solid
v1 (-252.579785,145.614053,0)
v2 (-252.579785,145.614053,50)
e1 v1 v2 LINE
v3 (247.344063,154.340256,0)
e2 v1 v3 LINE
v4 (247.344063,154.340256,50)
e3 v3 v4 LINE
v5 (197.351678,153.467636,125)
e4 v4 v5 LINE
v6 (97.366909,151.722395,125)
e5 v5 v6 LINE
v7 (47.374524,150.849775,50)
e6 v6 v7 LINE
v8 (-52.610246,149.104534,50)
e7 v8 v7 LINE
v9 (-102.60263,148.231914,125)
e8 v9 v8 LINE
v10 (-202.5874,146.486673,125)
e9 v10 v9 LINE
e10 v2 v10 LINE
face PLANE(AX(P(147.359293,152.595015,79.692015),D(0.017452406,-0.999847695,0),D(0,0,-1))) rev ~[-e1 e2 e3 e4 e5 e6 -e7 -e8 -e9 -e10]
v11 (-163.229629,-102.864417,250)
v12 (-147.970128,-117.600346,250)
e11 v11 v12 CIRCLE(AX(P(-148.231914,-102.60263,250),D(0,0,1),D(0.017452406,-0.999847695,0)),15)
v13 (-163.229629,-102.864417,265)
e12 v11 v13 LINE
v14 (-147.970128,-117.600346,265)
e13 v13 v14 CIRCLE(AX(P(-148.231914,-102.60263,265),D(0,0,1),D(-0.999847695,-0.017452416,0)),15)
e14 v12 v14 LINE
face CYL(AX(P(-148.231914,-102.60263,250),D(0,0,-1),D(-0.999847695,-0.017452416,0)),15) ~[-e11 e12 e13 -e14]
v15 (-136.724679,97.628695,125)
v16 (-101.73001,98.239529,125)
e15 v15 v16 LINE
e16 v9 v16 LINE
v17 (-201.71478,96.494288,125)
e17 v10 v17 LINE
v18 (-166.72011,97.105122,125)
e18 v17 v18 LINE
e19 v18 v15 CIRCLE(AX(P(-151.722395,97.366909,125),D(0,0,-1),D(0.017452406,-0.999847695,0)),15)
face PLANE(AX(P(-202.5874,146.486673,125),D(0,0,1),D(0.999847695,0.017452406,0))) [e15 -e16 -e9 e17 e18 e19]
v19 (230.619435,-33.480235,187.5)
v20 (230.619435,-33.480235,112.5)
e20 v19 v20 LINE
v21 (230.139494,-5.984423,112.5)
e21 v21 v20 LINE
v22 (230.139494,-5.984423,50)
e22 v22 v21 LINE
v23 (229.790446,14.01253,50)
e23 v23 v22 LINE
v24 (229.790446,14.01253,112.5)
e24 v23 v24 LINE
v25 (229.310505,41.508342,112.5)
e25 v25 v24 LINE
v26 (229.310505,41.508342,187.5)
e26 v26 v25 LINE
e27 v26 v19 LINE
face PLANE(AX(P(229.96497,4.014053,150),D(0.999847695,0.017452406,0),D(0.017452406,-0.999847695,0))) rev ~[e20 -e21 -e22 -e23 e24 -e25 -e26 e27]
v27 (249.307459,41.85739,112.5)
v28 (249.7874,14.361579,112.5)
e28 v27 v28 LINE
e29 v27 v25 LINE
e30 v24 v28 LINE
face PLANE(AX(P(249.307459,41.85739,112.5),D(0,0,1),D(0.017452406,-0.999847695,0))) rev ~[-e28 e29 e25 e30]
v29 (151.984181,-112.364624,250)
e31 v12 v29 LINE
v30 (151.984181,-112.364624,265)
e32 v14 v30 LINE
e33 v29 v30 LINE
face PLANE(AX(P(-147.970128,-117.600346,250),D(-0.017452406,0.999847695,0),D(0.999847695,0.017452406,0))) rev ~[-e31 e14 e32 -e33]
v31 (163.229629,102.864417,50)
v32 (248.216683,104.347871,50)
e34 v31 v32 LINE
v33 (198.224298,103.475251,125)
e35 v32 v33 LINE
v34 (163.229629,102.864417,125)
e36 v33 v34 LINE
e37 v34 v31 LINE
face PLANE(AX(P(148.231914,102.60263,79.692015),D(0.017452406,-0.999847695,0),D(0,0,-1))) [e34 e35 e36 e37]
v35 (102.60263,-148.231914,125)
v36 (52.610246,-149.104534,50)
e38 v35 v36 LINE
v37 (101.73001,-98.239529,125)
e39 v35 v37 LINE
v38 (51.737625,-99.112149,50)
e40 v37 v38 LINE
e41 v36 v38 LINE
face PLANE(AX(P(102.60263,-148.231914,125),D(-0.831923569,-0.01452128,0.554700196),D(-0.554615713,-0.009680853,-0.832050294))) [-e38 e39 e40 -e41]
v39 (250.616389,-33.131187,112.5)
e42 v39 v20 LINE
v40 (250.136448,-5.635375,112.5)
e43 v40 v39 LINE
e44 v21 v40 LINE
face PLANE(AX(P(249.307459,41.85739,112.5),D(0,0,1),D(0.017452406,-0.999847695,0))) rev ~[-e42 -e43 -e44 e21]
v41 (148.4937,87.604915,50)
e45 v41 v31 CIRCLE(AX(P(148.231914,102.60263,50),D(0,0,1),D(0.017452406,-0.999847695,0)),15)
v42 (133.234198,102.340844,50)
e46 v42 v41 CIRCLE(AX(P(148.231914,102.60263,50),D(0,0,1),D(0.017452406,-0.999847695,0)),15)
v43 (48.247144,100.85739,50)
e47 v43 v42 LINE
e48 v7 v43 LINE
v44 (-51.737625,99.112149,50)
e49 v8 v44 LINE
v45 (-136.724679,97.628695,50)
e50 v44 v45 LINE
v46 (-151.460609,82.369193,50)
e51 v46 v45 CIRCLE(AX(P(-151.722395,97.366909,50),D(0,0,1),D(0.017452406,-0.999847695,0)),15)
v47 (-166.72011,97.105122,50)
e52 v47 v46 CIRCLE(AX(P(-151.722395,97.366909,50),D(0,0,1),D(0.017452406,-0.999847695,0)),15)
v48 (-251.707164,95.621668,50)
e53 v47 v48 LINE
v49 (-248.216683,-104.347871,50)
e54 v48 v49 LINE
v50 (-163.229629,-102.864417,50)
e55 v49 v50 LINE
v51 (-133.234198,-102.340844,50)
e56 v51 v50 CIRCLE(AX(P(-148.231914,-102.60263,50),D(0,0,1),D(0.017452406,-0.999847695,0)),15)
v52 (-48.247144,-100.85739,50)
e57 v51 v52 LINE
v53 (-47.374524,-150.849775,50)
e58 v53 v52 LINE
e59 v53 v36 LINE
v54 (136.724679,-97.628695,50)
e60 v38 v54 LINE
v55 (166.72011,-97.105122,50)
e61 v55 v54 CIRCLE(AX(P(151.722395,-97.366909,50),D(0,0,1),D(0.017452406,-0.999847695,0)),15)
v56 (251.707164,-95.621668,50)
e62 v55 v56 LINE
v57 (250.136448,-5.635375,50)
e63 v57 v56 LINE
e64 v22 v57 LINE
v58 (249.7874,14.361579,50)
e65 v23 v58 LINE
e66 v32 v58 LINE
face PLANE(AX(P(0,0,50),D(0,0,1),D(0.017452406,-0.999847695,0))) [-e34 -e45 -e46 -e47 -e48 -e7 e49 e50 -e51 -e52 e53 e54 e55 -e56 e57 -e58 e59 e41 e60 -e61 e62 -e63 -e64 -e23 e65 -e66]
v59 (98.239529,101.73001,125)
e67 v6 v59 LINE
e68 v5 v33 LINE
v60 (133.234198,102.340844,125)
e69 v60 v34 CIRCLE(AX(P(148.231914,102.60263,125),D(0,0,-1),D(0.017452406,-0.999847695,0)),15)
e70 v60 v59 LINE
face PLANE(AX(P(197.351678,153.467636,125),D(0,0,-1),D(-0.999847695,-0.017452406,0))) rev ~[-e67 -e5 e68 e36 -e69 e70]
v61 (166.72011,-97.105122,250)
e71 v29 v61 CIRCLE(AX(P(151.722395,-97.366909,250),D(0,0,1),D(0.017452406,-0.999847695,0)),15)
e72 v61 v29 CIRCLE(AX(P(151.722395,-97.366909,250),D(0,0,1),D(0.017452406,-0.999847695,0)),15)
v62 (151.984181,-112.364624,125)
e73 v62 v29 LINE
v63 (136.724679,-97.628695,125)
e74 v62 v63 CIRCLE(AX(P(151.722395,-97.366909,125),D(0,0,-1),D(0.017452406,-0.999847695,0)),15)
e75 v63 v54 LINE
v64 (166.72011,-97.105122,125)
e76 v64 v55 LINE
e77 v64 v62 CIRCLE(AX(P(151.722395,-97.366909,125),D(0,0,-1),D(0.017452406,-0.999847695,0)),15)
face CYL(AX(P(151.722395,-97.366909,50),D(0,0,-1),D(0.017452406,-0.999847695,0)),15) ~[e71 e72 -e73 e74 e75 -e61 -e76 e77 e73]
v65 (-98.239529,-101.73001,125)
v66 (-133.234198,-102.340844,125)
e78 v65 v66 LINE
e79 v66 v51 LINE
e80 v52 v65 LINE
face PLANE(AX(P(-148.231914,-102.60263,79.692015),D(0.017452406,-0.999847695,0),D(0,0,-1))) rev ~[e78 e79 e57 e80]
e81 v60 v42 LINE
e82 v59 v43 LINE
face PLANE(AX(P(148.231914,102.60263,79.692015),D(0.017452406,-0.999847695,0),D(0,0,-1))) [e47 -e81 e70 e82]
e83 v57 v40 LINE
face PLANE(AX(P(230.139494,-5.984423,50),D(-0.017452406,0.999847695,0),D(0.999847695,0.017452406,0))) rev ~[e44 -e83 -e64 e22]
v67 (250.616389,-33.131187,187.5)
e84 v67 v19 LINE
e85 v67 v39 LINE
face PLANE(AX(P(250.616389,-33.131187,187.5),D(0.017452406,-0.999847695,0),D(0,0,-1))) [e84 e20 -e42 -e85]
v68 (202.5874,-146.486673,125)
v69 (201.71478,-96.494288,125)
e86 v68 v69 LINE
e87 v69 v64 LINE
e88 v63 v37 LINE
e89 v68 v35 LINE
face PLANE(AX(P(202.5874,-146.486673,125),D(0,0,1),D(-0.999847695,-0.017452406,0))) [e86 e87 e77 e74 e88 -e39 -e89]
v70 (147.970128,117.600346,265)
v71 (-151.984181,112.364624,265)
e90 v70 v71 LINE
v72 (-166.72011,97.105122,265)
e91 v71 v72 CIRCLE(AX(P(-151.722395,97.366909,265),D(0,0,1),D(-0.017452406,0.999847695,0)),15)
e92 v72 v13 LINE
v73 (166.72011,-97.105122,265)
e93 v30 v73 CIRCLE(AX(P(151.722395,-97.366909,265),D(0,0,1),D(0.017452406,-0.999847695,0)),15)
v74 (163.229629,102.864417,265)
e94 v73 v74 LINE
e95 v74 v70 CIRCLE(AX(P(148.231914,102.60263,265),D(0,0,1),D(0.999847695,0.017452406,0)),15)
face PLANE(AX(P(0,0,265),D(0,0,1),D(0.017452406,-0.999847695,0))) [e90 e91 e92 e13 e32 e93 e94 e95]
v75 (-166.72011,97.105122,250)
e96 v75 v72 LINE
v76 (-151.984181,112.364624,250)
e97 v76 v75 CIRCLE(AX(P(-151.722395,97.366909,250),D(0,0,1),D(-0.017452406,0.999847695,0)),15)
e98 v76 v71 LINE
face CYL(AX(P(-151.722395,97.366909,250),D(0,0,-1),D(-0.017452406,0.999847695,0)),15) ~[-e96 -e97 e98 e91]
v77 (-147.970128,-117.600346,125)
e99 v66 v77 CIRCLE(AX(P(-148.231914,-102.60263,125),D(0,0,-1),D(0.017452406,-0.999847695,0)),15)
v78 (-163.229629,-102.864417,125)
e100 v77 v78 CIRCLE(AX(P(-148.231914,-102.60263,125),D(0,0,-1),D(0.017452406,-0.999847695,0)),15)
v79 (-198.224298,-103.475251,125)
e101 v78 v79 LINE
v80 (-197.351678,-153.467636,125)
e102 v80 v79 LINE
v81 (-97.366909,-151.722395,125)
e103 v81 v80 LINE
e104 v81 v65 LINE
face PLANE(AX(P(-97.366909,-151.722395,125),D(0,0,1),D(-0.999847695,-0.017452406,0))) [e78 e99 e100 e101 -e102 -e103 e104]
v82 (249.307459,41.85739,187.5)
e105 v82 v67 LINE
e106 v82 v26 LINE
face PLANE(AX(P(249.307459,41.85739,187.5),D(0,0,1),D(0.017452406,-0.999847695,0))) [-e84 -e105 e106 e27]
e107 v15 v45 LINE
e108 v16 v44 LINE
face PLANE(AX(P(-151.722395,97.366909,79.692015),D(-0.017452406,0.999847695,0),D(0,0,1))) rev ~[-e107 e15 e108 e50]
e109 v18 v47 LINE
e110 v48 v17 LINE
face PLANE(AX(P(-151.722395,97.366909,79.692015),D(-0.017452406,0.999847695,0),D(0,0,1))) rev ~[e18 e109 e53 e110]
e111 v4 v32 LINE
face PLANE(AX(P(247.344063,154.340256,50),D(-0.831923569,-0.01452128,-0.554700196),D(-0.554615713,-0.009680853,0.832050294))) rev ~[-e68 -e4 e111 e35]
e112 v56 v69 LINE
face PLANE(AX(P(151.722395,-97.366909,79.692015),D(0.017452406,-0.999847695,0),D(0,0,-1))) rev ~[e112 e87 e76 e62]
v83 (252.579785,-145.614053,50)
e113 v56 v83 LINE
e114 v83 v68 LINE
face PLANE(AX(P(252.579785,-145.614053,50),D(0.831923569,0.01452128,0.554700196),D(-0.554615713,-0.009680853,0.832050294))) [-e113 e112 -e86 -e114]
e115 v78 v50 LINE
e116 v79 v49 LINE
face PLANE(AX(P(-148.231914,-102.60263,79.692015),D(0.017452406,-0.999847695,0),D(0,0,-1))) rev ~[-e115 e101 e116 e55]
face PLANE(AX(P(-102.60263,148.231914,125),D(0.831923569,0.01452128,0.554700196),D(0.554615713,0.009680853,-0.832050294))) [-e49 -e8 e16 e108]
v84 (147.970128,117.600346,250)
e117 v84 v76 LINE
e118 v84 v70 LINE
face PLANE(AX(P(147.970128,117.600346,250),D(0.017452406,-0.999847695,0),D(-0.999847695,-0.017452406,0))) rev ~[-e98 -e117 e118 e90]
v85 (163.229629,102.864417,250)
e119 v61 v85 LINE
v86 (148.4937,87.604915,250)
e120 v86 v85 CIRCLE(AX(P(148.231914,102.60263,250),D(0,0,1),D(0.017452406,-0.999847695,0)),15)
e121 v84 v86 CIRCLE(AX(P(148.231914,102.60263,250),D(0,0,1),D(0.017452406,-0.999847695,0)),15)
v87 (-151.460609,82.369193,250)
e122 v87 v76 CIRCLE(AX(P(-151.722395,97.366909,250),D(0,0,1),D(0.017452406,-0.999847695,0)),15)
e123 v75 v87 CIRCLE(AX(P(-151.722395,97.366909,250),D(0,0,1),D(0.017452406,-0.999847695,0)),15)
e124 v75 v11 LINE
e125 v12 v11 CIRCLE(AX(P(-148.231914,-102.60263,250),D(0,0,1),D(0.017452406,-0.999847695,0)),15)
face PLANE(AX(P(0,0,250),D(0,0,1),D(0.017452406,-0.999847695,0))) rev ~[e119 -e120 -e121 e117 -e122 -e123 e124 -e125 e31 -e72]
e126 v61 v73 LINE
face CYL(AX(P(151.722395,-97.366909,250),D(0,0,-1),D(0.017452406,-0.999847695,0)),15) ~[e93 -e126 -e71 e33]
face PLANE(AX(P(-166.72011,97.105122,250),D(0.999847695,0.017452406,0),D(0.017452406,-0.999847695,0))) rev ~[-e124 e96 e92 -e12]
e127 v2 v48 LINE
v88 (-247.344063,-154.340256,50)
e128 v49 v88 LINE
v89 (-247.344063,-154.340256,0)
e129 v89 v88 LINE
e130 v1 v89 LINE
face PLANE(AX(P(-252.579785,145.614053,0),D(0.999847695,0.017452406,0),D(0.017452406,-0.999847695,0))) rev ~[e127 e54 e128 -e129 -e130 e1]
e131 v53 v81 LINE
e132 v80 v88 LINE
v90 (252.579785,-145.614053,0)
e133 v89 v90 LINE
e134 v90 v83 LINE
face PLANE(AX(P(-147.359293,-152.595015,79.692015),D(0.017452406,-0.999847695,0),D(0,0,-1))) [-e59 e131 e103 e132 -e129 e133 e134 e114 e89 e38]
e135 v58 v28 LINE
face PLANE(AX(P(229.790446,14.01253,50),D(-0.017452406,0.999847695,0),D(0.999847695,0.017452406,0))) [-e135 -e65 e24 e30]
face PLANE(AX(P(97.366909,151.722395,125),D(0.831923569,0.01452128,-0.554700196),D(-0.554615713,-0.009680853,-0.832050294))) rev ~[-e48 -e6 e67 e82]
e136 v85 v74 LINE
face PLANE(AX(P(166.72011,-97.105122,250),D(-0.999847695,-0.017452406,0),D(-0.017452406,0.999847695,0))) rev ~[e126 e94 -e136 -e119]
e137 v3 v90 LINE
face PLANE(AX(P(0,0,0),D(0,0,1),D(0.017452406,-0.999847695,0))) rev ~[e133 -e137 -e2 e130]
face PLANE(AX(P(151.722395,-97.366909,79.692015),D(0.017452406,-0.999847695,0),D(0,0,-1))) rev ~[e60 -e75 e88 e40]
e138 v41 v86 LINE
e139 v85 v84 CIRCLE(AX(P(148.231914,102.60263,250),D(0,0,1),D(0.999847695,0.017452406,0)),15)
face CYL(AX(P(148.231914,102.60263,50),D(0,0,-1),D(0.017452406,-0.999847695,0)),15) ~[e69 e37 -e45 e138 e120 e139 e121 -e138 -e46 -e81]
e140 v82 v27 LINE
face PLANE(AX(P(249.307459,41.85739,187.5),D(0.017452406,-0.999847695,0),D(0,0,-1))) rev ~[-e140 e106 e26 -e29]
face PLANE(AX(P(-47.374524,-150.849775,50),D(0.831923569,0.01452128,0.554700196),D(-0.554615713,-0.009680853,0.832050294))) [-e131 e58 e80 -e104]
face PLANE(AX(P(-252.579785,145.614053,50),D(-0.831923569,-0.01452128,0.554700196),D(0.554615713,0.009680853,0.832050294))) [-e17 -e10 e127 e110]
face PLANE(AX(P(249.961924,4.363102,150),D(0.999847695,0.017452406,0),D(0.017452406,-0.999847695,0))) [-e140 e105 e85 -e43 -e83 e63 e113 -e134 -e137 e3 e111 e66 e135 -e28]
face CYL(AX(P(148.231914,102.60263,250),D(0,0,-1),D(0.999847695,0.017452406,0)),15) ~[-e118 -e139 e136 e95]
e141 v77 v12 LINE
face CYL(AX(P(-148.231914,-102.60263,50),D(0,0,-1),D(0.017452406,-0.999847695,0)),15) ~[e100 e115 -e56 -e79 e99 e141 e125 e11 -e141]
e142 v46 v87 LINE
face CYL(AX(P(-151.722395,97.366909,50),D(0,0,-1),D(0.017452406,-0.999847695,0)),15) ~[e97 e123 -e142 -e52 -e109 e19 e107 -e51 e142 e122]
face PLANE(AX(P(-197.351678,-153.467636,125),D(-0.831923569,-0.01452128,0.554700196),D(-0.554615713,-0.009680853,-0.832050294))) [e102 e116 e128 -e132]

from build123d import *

# Parameters (mm, degrees)
SKETCH3_W             = 300
SKETCH3_H             = 500
BOSS_EXTRUDE2_DEPTH   = 50
BOSS_EXTRUDE3_DEPTH   = 50
BOSS_EXTRUDE4_DEPTH   = 50
SKETCH7_R             = 15
BOSS_EXTRUDE5_DEPTH   = 200
BOSS_EXTRUDE6_DEPTH   = 15
SKETCH9_W             = 20
SKETCH9_H             = 20
BOSS_EXTRUDE7_DEPTH   = 100
SKETCH10_W            = 75
SKETCH10_H            = 75
BOSS_EXTRUDE8_DEPTH   = 20
BODY_MOVE_COPY1_ANGLE = 89


with BuildPart() as part:
    # Sketch3 → Boss-Extrude2 (new body)
    with BuildSketch(Plane.XY):
        Rectangle(SKETCH3_W, SKETCH3_H)
    extrude(amount=BOSS_EXTRUDE2_DEPTH)

    # Sketch5 → Boss-Extrude3 (add)
    with BuildSketch(Plane.ZY.offset(150)):
        Polygon((50, 250), (125, 200), (125, 100), (50, 50), align=None)
        Polygon((50, -50), (50, -250), (125, -200), (125, -100), align=None)
    extrude(amount=-BOSS_EXTRUDE3_DEPTH)

    # Sketch6 → Boss-Extrude4 (add)
    with BuildSketch(Plane(origin=(150, 0, 0), x_dir=(0, 0, -1), z_dir=(1, 0, 0))):
        Polygon((-50, -250), (-50, -50), (-125, -100), (-125, -200), align=None)
        Polygon((-50, 250), (-125, 200), (-125, 100), (-50, 50), align=None)
    extrude(amount=-BOSS_EXTRUDE4_DEPTH)

    # Sketch7 → Boss-Extrude5 (add)
    with BuildSketch(Plane.XY.offset(50)):
        with Locations((-100, 150)):
            Circle(SKETCH7_R)
        with Locations((100, 150)):
            Circle(SKETCH7_R)
        with Locations((-100, -150)):
            Circle(SKETCH7_R)
        with Locations((100, -150)):
            Circle(SKETCH7_R)
    extrude(amount=BOSS_EXTRUDE5_DEPTH)

    # Sketch8 → Boss-Extrude6 (add)
    with BuildSketch(Plane.XY.offset(250)):
        with BuildLine():
            Line((-115, 150.000000362), (-115, -150))
            ThreePointArc((-115, -150), (-110.606601718, -160.606601718), (-100, -165))
            Line((-100, -165), (100.000000138, -165))
            ThreePointArc((100.000000138, -165), (110.606601767, -160.606601669), (115, -150))
            Line((115, -150), (115, 150))
            ThreePointArc((115, 150), (110.606601718, 160.606601718), (100, 165))
            Line((100, 165), (-100, 165))
            ThreePointArc((-100, 165), (-110.60660159, 160.606601846), (-115, 150.000000362))
        make_face()
    extrude(amount=BOSS_EXTRUDE6_DEPTH)

    # Sketch9 → Boss-Extrude7 (add)
    with BuildSketch(Plane.XY.offset(50)):
        with Locations((0, 240)):
            Rectangle(SKETCH9_W, SKETCH9_H)
    extrude(amount=BOSS_EXTRUDE7_DEPTH)

    # Sketch10 → Boss-Extrude8 (add)
    with BuildSketch(Plane(origin=(0, 250, 0), x_dir=(1, 0, 0), z_dir=(0, 1, 0))):
        with Locations((0, -150)):
            Rectangle(SKETCH10_W, SKETCH10_H)
    extrude(amount=-BOSS_EXTRUDE8_DEPTH)


with BuildPart() as part_1:
    # Body-Move/Copy1: moved
    add(part.part.rotate(Axis((0, 0, 0), (0, 0, -1)), BODY_MOVE_COPY1_ANGLE))


solid = part_1.part
